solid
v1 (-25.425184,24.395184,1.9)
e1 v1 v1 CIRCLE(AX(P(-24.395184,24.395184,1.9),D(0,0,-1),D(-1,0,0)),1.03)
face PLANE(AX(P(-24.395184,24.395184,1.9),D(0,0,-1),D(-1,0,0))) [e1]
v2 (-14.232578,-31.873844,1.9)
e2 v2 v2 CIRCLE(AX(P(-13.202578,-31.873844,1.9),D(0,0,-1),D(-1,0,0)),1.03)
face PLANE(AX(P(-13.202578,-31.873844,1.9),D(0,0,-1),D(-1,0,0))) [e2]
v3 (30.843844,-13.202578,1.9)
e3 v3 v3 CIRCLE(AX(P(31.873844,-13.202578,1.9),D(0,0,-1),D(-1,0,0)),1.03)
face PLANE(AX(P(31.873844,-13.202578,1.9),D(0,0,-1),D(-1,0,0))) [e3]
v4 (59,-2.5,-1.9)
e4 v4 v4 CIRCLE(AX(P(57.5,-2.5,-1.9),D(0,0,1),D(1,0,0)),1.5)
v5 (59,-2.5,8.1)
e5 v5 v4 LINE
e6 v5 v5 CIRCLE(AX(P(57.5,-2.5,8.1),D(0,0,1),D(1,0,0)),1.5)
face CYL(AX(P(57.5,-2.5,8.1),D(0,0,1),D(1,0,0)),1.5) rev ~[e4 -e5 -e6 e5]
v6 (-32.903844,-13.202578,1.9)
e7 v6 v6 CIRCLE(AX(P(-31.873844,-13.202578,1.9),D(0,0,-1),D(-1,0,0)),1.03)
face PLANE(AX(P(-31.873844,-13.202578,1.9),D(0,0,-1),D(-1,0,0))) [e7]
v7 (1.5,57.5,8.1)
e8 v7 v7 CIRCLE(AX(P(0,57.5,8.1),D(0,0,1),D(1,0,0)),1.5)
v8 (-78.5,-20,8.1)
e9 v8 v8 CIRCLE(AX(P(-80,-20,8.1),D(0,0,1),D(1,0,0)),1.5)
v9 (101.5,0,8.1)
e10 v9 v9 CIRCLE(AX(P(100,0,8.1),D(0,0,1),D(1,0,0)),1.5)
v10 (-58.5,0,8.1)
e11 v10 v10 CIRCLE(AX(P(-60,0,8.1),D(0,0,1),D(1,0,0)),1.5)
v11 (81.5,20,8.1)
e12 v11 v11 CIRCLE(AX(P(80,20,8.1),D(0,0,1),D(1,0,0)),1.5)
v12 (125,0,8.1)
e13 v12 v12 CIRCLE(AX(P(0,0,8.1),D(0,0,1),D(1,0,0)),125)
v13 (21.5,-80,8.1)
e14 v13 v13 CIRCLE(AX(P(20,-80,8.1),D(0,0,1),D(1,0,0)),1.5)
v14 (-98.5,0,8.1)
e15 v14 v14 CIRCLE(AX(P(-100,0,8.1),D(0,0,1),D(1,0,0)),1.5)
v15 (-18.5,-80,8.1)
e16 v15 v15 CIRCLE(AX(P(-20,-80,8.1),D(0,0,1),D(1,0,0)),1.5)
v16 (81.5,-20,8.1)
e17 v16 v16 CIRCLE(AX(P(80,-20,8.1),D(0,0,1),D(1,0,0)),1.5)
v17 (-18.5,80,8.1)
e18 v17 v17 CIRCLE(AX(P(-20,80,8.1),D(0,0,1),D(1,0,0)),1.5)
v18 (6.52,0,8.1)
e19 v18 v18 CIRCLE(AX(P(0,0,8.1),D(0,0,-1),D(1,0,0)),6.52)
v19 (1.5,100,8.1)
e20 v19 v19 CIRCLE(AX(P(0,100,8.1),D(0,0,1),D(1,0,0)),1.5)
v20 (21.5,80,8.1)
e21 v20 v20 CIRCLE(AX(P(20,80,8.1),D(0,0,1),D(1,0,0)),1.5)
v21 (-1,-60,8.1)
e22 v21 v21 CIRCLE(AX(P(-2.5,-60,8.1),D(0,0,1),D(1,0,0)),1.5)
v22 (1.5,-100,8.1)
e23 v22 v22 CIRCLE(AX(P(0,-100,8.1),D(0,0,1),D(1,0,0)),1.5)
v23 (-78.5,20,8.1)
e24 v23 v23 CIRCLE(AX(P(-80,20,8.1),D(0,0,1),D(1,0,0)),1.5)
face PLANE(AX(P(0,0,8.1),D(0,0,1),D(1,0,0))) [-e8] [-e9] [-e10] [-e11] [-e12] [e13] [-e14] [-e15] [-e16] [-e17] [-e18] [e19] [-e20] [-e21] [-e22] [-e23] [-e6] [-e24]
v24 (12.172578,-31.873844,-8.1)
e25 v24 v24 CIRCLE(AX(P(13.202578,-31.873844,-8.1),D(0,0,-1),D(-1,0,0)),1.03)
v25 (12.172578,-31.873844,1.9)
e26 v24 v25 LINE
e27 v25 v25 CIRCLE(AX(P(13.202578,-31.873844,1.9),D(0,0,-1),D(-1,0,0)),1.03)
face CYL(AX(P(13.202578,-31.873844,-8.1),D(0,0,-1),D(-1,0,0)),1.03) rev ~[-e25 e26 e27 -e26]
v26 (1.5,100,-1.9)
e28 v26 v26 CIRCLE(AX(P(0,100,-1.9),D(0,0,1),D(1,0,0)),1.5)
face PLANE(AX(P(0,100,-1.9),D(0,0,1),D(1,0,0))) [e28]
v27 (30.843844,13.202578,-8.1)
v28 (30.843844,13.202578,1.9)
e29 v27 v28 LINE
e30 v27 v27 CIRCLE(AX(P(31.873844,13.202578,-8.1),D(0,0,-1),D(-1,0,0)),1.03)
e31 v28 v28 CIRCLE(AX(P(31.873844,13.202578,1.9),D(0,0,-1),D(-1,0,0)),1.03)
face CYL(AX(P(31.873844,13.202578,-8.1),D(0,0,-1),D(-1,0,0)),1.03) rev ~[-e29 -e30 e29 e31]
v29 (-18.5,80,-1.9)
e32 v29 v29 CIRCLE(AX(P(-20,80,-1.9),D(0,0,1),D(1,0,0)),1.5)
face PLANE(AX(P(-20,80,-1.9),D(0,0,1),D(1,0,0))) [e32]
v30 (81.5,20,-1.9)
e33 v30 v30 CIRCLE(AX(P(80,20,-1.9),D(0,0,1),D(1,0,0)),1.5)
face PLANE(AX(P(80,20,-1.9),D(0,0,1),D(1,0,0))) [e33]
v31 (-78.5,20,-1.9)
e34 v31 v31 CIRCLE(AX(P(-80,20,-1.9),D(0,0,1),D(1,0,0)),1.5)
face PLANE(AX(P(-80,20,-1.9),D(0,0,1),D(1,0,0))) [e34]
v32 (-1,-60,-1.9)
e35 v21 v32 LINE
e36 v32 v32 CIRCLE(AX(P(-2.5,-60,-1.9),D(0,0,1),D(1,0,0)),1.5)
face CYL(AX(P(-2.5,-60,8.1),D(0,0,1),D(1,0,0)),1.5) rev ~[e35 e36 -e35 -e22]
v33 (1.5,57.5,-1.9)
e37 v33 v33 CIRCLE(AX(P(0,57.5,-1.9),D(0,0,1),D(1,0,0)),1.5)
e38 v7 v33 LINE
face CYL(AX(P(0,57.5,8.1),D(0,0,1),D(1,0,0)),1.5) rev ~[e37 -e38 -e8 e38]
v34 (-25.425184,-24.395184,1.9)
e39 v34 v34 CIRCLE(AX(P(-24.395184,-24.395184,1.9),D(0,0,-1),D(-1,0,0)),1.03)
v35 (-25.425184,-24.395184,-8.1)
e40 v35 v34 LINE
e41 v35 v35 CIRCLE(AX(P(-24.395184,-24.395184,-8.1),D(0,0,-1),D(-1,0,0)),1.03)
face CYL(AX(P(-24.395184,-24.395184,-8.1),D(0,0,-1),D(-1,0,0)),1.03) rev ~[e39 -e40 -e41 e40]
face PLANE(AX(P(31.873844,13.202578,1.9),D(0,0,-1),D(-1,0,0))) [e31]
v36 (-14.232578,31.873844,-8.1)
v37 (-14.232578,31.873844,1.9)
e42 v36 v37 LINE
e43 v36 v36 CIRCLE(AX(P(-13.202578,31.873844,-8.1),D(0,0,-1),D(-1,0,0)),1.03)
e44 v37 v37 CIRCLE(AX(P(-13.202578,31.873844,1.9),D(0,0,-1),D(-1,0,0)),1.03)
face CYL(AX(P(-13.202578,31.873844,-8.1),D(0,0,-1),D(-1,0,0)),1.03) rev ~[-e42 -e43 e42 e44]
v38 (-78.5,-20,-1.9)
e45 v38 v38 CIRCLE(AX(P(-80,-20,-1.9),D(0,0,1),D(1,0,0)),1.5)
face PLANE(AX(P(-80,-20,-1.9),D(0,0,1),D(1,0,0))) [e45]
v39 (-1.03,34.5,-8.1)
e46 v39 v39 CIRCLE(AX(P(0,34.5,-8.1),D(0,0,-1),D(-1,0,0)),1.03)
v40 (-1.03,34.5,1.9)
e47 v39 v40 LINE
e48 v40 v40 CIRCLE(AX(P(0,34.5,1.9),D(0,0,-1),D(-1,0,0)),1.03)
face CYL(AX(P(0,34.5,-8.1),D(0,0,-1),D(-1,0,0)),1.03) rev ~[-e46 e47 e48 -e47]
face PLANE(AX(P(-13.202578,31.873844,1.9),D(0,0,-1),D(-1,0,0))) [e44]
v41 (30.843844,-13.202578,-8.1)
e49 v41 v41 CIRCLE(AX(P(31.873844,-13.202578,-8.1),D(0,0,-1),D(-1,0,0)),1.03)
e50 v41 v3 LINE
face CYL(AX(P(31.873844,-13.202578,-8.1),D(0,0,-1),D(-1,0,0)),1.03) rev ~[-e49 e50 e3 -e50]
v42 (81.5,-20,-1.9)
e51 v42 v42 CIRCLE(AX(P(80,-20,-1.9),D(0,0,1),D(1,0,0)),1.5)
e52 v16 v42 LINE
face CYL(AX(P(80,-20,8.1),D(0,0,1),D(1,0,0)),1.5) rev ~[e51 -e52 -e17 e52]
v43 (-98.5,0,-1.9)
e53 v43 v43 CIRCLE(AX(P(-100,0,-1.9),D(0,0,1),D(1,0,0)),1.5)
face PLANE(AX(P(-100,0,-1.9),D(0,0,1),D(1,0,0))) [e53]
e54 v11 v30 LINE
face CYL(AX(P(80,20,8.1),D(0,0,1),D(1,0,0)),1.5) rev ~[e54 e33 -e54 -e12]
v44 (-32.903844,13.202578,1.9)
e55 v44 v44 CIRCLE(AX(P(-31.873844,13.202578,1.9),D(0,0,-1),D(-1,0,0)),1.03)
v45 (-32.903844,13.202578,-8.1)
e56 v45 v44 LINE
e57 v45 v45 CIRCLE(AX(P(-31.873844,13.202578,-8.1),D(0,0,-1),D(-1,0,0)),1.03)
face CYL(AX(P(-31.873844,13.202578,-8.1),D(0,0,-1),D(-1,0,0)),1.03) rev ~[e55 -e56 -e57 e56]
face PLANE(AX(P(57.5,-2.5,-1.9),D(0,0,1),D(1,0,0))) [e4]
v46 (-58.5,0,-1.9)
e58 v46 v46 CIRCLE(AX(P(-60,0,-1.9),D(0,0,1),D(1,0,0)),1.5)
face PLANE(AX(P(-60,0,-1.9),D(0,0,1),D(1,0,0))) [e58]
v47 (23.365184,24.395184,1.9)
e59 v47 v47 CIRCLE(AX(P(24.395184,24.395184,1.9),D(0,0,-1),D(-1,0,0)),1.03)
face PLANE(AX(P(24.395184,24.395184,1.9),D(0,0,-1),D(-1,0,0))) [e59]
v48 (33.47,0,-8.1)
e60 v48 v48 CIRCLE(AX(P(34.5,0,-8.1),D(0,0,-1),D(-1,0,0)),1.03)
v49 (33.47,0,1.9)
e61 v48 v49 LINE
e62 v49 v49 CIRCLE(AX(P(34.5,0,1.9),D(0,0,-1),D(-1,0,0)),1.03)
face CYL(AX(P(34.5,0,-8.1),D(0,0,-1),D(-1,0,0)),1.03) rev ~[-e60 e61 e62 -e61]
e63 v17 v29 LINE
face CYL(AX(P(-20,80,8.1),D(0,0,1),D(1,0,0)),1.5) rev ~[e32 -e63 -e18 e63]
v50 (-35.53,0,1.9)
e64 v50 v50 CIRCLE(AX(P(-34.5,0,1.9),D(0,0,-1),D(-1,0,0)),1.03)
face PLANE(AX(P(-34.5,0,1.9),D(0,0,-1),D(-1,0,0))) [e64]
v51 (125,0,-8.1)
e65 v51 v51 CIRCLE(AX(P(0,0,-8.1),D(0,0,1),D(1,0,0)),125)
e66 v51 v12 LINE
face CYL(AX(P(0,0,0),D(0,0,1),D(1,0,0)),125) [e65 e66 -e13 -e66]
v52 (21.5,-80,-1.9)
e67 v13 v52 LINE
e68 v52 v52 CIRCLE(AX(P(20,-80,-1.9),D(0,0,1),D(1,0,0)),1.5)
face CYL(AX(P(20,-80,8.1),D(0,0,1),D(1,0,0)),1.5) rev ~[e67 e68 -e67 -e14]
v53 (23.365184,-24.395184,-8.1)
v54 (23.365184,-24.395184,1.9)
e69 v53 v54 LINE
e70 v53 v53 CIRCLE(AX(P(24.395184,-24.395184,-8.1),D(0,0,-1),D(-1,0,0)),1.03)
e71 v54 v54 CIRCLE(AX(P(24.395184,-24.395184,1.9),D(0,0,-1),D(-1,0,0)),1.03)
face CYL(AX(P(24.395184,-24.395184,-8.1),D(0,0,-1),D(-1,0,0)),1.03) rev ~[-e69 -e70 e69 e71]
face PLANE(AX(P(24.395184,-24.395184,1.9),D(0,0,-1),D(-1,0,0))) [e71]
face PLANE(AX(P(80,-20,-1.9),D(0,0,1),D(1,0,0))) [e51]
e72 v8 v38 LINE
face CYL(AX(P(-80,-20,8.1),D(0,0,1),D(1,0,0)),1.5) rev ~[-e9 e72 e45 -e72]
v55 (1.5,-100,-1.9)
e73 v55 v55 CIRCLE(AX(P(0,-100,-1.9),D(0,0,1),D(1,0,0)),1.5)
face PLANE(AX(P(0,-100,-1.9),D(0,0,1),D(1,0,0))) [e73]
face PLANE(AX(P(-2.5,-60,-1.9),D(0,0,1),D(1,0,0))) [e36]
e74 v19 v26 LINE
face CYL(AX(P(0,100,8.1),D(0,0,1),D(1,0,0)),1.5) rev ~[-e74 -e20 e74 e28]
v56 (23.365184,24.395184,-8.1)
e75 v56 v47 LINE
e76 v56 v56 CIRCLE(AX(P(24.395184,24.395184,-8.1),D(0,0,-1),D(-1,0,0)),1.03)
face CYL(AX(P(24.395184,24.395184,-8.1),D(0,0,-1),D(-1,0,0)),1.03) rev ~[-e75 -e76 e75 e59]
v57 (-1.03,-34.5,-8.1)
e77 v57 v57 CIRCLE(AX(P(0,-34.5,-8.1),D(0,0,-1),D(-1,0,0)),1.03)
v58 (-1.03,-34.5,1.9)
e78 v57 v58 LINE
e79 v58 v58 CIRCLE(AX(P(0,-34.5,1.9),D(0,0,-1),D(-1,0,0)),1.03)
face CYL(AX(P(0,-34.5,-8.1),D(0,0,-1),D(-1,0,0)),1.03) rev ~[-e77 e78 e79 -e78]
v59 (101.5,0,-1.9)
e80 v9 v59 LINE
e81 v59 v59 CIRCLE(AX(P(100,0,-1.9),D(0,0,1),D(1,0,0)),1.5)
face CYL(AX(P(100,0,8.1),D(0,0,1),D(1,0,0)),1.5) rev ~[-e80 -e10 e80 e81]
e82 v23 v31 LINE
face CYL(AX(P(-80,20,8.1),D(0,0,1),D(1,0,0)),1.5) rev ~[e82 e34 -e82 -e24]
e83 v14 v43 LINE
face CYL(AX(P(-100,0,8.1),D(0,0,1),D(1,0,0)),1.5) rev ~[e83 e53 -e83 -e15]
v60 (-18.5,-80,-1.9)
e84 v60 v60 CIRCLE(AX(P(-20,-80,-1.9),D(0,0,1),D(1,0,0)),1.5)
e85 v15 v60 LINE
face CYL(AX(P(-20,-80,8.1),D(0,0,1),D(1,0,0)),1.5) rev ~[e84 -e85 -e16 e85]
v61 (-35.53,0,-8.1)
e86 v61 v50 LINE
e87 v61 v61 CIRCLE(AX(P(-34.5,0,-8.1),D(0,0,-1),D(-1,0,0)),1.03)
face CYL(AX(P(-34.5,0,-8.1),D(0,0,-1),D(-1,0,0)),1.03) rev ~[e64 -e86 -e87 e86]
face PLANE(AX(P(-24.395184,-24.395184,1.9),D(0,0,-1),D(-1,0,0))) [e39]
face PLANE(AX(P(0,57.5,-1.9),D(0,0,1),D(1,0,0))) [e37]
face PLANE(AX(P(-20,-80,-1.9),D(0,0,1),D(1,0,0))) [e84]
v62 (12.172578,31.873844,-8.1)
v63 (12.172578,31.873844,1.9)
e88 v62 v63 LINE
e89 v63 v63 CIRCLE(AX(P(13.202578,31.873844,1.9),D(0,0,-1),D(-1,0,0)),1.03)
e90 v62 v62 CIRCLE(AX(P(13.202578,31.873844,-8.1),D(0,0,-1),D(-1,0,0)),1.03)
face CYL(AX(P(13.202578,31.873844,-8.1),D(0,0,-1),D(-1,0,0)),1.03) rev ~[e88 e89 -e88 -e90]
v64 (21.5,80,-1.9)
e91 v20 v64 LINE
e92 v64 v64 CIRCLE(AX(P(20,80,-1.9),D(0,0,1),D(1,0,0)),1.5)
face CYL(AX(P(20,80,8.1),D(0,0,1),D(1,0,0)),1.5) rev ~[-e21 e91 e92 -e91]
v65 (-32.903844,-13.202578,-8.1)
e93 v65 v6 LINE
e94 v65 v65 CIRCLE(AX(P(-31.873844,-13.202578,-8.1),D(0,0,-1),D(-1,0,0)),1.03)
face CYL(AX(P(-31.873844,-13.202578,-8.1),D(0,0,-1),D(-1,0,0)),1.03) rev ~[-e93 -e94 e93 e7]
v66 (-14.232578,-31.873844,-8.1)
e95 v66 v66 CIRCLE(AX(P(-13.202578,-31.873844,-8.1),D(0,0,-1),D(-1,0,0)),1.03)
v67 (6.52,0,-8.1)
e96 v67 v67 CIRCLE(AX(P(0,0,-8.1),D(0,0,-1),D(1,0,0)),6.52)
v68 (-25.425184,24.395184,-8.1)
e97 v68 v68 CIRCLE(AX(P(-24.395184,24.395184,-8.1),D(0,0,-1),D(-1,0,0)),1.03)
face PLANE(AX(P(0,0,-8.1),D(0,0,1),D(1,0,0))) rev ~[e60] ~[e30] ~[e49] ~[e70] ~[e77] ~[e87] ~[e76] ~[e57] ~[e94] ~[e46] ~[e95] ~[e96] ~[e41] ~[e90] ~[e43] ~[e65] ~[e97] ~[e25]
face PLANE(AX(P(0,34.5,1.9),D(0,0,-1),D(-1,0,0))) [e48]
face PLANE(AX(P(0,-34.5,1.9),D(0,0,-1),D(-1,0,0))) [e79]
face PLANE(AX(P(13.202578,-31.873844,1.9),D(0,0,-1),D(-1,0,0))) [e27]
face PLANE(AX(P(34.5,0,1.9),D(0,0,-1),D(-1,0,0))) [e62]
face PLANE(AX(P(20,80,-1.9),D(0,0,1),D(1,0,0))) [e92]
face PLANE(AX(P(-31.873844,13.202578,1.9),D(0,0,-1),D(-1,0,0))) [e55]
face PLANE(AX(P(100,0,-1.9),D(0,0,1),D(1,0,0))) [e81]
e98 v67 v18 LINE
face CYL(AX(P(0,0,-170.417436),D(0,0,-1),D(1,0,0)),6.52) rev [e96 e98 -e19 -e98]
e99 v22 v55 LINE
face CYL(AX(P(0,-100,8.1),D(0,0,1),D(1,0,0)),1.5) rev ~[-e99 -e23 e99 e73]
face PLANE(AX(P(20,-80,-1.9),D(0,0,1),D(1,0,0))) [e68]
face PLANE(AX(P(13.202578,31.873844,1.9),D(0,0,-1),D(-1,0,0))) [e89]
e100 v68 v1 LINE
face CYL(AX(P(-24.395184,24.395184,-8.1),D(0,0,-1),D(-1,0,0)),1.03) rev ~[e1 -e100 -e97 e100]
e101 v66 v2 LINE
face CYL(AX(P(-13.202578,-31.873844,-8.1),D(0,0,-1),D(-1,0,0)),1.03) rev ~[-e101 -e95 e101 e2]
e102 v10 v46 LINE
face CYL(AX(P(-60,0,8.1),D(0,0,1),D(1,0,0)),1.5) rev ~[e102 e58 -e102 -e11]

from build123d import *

# Parameters (mm, degrees)
SKETCH_1_R               = 125
EXTRUDE_1_DEPTH          = 8.1
CUT_EXTRUDE_1_DEPTH      = 178.517435763
CUT_EXTRUDE_1_DEPTH_BACK = 178.517435763
SKETCH_3_R               = 6.52
SKETCH_2_R               = 1.03
CUT_EXTRUDE_4_DEPTH      = 10
SKETCH_7_R               = 1.5
CUT_EXTRUDE_5_DEPTH      = 10


with BuildPart() as part:
    # 草图1 → 凸台-拉伸1 (new, symmetric)
    with BuildSketch(Plane.XY):
        Circle(SKETCH_1_R)
    extrude(amount=EXTRUDE_1_DEPTH, both=True)

    # 草图3 → 切除-拉伸1 (cut, two sides: drawn at the far end of the back side and taken through both)
    with BuildSketch(Plane.XY.offset(8.1).offset(-CUT_EXTRUDE_1_DEPTH_BACK)):
        Circle(SKETCH_3_R)
    extrude(amount=CUT_EXTRUDE_1_DEPTH + CUT_EXTRUDE_1_DEPTH_BACK, mode=Mode.SUBTRACT)

    # 草图2 → 切除-拉伸4 (cut)
    with BuildSketch(Plane(origin=(0, 0, -8.1), x_dir=(-1, 0, 0), z_dir=(0, 0, -1))):
        with Locations((0, 34.5)):
            Circle(SKETCH_2_R)
        with Locations((13.202578417, 31.873843872)):
            Circle(SKETCH_2_R)
        with Locations((24.395183951, 24.395183951)):
            Circle(SKETCH_2_R)
        with Locations((31.873843872, 13.202578417)):
            Circle(SKETCH_2_R)
        with Locations((34.5, 0)):
            Circle(SKETCH_2_R)
        with Locations((31.873843872, -13.202578417)):
            Circle(SKETCH_2_R)
        with Locations((24.395183951, -24.395183951)):
            Circle(SKETCH_2_R)
        with Locations((13.202578417, -31.873843872)):
            Circle(SKETCH_2_R)
        with Locations((0, -34.5)):
            Circle(SKETCH_2_R)
        with Locations((-13.202578417, -31.873843872)):
            Circle(SKETCH_2_R)
        with Locations((-24.395183951, -24.395183951)):
            Circle(SKETCH_2_R)
        with Locations((-31.873843872, -13.202578417)):
            Circle(SKETCH_2_R)
        with Locations((-34.5, 0)):
            Circle(SKETCH_2_R)
        with Locations((-31.873843872, 13.202578417)):
            Circle(SKETCH_2_R)
        with Locations((-24.395183951, 24.395183951)):
            Circle(SKETCH_2_R)
        with Locations((-13.202578417, 31.873843872)):
            Circle(SKETCH_2_R)
    extrude(amount=-CUT_EXTRUDE_4_DEPTH, mode=Mode.SUBTRACT)

    # 草图7 → 切除-拉伸5 (cut)
    with BuildSketch(Plane.XY.offset(8.1)):
        with Locations((-100, 0)):
            Circle(SKETCH_7_R)
        with Locations((-80, 20)):
            Circle(SKETCH_7_R)
        with Locations((-60, 0)):
            Circle(SKETCH_7_R)
        with Locations((-80, -20)):
            Circle(SKETCH_7_R)
        with Locations((0, 57.5)):
            Circle(SKETCH_7_R)
        with Locations((57.5, -2.5)):
            Circle(SKETCH_7_R)
        with Locations((-2.5, -60)):
            Circle(SKETCH_7_R)
        with Locations((-20, 80)):
            Circle(SKETCH_7_R)
        with Locations((80, 20)):
            Circle(SKETCH_7_R)
        with Locations((20, -80)):
            Circle(SKETCH_7_R)
        with Locations((20, 80)):
            Circle(SKETCH_7_R)
        with Locations((0, 100)):
            Circle(SKETCH_7_R)
        with Locations((80, -20)):
            Circle(SKETCH_7_R)
        with Locations((100, 0)):
            Circle(SKETCH_7_R)
        with Locations((-20, -80)):
            Circle(SKETCH_7_R)
        with Locations((0, -100)):
            Circle(SKETCH_7_R)
    extrude(amount=-CUT_EXTRUDE_5_DEPTH, mode=Mode.SUBTRACT)


solid = part.part
